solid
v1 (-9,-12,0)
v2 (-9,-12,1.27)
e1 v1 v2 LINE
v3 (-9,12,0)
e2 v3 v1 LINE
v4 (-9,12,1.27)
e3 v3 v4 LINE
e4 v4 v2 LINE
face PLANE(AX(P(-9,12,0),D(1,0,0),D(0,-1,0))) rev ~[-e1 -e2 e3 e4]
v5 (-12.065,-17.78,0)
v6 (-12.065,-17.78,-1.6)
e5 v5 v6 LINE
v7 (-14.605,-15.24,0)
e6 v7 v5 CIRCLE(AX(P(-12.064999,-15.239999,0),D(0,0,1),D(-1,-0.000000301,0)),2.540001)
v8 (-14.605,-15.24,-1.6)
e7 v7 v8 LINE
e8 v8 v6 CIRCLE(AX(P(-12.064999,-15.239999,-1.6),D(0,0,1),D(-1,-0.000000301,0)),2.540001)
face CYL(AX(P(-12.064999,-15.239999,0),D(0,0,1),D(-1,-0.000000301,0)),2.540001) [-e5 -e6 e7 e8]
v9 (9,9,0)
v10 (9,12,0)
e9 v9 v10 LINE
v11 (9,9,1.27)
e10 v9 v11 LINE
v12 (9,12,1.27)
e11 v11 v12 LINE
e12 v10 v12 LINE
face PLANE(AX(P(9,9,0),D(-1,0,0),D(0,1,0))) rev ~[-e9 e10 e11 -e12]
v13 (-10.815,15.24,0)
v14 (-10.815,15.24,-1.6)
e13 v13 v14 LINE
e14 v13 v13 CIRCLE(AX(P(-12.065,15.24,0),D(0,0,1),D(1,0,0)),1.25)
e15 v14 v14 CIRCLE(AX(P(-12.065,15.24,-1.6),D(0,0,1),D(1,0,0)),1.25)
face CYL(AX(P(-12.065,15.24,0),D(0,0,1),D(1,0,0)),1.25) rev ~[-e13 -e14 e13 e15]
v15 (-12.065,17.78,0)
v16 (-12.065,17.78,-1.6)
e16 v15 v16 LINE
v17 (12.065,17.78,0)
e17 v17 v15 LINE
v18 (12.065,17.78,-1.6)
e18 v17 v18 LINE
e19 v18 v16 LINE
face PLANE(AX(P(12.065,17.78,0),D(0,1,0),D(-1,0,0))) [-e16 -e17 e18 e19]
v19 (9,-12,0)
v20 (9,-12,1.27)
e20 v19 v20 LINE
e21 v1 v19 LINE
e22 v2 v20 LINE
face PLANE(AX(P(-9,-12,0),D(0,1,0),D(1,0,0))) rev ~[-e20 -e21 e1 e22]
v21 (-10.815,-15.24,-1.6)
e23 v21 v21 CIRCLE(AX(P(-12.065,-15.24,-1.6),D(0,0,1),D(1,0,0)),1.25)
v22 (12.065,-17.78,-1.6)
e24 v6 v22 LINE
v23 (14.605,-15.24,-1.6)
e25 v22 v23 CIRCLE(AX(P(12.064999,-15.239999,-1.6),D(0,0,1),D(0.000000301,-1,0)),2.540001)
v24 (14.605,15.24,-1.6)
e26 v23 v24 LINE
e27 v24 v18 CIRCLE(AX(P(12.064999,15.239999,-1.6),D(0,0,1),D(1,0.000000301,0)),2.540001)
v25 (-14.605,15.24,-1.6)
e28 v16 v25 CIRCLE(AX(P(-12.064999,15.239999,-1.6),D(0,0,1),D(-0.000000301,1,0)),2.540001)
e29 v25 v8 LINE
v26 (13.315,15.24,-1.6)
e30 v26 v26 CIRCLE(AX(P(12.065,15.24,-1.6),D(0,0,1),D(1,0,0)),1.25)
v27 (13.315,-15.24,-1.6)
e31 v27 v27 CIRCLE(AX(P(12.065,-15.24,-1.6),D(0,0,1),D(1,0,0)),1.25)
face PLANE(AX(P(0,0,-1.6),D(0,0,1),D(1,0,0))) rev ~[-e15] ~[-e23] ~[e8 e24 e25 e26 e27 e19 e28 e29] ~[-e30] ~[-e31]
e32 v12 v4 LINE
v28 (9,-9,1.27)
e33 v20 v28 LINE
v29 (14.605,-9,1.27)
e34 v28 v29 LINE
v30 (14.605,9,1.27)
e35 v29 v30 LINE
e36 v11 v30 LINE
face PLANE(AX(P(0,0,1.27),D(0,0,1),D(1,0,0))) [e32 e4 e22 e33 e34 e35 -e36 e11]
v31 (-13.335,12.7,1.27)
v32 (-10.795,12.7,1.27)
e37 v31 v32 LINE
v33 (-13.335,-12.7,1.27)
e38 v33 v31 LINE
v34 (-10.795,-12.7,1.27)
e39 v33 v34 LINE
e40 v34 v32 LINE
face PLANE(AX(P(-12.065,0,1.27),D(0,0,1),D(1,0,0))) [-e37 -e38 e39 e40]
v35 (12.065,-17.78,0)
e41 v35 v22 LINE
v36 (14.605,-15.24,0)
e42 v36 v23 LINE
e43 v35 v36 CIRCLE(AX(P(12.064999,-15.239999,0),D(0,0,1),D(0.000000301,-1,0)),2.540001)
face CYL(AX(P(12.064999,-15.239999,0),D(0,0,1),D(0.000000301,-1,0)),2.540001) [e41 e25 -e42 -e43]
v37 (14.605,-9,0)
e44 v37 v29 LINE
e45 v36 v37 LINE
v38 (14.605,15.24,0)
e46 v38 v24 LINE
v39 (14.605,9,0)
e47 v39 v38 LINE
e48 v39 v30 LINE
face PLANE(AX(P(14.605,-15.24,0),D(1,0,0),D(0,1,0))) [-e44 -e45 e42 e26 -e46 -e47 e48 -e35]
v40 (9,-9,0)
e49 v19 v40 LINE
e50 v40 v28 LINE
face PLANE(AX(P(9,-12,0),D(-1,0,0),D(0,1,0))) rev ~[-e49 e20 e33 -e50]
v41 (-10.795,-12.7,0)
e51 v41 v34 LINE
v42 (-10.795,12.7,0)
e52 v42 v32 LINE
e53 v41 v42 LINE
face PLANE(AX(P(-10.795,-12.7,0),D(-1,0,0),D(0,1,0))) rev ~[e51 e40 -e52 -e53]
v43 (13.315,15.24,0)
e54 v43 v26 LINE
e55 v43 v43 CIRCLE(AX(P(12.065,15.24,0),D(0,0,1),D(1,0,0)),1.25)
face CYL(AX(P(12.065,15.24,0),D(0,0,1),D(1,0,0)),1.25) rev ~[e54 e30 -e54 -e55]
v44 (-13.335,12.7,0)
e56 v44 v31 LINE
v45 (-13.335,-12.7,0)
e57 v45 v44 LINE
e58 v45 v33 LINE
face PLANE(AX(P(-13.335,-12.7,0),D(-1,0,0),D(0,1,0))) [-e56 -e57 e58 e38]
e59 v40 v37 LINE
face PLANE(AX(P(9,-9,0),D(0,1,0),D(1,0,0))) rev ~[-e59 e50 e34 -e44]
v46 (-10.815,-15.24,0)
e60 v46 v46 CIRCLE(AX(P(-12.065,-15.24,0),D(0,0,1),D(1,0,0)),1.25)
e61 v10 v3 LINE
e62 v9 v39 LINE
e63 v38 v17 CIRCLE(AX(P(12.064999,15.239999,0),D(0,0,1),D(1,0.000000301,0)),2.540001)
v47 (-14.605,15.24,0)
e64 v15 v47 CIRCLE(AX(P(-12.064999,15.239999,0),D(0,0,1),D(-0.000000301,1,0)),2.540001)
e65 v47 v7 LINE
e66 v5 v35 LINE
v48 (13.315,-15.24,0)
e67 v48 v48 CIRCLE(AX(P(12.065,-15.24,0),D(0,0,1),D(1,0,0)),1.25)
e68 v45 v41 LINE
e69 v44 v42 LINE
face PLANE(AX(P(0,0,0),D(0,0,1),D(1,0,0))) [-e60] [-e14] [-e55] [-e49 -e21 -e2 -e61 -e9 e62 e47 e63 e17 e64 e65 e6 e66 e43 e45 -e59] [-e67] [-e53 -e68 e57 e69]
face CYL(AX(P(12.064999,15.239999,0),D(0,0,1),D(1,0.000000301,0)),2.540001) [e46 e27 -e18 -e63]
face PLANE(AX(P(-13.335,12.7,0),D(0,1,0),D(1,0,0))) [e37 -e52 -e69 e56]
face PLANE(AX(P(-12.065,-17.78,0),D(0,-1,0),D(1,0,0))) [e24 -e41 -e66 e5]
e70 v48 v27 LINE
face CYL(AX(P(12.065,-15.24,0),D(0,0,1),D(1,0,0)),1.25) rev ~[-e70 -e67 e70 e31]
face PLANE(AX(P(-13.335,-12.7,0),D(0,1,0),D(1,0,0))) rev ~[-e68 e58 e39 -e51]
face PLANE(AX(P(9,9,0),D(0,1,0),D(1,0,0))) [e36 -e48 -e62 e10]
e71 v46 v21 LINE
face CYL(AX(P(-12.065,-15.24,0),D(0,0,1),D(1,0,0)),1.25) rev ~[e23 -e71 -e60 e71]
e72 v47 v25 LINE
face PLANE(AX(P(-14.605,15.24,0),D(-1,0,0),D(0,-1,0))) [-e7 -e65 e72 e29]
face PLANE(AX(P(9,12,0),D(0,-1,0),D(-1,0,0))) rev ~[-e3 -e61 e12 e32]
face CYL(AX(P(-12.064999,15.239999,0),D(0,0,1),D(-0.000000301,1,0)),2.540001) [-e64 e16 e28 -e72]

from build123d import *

# Parameters (mm, degrees)
F0_R     = 1.25
F1_DEPTH = 1.6
F2_W     = 2.54
F2_H     = 25.4
F3_DEPTH = 1.27
F4_W     = 5.605
F4_H     = 18
F5_DEPTH = 1.27


with BuildPart() as f1:
    # F0 (on Top) → F1 (new body)
    with BuildSketch(Plane.XY):
        with BuildLine():
            Line((12.065, 17.78), (-12.065, 17.78))
            ThreePointArc((-12.065, 17.78), (-13.861051, 17.036051), (-14.605, 15.24))
            Line((-14.605, 15.24), (-14.605, -15.24))
            ThreePointArc((-14.605, -15.24), (-13.861051, -17.036051), (-12.065, -17.78))
            Line((-12.065, -17.78), (12.065, -17.78))
            ThreePointArc((12.065, -17.78), (13.861051, -17.036051), (14.605, -15.24))
            Line((14.605, -15.24), (14.605, 15.24))
            ThreePointArc((14.605, 15.24), (13.861051, 17.036051), (12.065, 17.78))
        make_face()
        with Locations((-12.065, -15.24)):
            Circle(F0_R, mode=Mode.SUBTRACT)
        with Locations((12.065, -15.24)):
            Circle(F0_R, mode=Mode.SUBTRACT)
        with Locations((-12.065, 15.24)):
            Circle(F0_R, mode=Mode.SUBTRACT)
        with Locations((12.065, 15.24)):
            Circle(F0_R, mode=Mode.SUBTRACT)
    extrude(amount=-F1_DEPTH)

    # F2 (on Top) → F3 (join)
    with BuildSketch(Plane.XY):
        with Locations((-12.065, 0)):
            Rectangle(F2_W, F2_H)
    extrude(amount=F3_DEPTH)

    # F4 (on face) → F5 (join)
    with BuildSketch(Plane.XY):
        Polygon((-9, -12), (9, -12), (9, -9), (9, 9), (9, 12), (-9, 12), align=None)
        with Locations((11.8025, 0)):
            Rectangle(F4_W, F4_H)
    extrude(amount=F5_DEPTH)


solid = f1.part
